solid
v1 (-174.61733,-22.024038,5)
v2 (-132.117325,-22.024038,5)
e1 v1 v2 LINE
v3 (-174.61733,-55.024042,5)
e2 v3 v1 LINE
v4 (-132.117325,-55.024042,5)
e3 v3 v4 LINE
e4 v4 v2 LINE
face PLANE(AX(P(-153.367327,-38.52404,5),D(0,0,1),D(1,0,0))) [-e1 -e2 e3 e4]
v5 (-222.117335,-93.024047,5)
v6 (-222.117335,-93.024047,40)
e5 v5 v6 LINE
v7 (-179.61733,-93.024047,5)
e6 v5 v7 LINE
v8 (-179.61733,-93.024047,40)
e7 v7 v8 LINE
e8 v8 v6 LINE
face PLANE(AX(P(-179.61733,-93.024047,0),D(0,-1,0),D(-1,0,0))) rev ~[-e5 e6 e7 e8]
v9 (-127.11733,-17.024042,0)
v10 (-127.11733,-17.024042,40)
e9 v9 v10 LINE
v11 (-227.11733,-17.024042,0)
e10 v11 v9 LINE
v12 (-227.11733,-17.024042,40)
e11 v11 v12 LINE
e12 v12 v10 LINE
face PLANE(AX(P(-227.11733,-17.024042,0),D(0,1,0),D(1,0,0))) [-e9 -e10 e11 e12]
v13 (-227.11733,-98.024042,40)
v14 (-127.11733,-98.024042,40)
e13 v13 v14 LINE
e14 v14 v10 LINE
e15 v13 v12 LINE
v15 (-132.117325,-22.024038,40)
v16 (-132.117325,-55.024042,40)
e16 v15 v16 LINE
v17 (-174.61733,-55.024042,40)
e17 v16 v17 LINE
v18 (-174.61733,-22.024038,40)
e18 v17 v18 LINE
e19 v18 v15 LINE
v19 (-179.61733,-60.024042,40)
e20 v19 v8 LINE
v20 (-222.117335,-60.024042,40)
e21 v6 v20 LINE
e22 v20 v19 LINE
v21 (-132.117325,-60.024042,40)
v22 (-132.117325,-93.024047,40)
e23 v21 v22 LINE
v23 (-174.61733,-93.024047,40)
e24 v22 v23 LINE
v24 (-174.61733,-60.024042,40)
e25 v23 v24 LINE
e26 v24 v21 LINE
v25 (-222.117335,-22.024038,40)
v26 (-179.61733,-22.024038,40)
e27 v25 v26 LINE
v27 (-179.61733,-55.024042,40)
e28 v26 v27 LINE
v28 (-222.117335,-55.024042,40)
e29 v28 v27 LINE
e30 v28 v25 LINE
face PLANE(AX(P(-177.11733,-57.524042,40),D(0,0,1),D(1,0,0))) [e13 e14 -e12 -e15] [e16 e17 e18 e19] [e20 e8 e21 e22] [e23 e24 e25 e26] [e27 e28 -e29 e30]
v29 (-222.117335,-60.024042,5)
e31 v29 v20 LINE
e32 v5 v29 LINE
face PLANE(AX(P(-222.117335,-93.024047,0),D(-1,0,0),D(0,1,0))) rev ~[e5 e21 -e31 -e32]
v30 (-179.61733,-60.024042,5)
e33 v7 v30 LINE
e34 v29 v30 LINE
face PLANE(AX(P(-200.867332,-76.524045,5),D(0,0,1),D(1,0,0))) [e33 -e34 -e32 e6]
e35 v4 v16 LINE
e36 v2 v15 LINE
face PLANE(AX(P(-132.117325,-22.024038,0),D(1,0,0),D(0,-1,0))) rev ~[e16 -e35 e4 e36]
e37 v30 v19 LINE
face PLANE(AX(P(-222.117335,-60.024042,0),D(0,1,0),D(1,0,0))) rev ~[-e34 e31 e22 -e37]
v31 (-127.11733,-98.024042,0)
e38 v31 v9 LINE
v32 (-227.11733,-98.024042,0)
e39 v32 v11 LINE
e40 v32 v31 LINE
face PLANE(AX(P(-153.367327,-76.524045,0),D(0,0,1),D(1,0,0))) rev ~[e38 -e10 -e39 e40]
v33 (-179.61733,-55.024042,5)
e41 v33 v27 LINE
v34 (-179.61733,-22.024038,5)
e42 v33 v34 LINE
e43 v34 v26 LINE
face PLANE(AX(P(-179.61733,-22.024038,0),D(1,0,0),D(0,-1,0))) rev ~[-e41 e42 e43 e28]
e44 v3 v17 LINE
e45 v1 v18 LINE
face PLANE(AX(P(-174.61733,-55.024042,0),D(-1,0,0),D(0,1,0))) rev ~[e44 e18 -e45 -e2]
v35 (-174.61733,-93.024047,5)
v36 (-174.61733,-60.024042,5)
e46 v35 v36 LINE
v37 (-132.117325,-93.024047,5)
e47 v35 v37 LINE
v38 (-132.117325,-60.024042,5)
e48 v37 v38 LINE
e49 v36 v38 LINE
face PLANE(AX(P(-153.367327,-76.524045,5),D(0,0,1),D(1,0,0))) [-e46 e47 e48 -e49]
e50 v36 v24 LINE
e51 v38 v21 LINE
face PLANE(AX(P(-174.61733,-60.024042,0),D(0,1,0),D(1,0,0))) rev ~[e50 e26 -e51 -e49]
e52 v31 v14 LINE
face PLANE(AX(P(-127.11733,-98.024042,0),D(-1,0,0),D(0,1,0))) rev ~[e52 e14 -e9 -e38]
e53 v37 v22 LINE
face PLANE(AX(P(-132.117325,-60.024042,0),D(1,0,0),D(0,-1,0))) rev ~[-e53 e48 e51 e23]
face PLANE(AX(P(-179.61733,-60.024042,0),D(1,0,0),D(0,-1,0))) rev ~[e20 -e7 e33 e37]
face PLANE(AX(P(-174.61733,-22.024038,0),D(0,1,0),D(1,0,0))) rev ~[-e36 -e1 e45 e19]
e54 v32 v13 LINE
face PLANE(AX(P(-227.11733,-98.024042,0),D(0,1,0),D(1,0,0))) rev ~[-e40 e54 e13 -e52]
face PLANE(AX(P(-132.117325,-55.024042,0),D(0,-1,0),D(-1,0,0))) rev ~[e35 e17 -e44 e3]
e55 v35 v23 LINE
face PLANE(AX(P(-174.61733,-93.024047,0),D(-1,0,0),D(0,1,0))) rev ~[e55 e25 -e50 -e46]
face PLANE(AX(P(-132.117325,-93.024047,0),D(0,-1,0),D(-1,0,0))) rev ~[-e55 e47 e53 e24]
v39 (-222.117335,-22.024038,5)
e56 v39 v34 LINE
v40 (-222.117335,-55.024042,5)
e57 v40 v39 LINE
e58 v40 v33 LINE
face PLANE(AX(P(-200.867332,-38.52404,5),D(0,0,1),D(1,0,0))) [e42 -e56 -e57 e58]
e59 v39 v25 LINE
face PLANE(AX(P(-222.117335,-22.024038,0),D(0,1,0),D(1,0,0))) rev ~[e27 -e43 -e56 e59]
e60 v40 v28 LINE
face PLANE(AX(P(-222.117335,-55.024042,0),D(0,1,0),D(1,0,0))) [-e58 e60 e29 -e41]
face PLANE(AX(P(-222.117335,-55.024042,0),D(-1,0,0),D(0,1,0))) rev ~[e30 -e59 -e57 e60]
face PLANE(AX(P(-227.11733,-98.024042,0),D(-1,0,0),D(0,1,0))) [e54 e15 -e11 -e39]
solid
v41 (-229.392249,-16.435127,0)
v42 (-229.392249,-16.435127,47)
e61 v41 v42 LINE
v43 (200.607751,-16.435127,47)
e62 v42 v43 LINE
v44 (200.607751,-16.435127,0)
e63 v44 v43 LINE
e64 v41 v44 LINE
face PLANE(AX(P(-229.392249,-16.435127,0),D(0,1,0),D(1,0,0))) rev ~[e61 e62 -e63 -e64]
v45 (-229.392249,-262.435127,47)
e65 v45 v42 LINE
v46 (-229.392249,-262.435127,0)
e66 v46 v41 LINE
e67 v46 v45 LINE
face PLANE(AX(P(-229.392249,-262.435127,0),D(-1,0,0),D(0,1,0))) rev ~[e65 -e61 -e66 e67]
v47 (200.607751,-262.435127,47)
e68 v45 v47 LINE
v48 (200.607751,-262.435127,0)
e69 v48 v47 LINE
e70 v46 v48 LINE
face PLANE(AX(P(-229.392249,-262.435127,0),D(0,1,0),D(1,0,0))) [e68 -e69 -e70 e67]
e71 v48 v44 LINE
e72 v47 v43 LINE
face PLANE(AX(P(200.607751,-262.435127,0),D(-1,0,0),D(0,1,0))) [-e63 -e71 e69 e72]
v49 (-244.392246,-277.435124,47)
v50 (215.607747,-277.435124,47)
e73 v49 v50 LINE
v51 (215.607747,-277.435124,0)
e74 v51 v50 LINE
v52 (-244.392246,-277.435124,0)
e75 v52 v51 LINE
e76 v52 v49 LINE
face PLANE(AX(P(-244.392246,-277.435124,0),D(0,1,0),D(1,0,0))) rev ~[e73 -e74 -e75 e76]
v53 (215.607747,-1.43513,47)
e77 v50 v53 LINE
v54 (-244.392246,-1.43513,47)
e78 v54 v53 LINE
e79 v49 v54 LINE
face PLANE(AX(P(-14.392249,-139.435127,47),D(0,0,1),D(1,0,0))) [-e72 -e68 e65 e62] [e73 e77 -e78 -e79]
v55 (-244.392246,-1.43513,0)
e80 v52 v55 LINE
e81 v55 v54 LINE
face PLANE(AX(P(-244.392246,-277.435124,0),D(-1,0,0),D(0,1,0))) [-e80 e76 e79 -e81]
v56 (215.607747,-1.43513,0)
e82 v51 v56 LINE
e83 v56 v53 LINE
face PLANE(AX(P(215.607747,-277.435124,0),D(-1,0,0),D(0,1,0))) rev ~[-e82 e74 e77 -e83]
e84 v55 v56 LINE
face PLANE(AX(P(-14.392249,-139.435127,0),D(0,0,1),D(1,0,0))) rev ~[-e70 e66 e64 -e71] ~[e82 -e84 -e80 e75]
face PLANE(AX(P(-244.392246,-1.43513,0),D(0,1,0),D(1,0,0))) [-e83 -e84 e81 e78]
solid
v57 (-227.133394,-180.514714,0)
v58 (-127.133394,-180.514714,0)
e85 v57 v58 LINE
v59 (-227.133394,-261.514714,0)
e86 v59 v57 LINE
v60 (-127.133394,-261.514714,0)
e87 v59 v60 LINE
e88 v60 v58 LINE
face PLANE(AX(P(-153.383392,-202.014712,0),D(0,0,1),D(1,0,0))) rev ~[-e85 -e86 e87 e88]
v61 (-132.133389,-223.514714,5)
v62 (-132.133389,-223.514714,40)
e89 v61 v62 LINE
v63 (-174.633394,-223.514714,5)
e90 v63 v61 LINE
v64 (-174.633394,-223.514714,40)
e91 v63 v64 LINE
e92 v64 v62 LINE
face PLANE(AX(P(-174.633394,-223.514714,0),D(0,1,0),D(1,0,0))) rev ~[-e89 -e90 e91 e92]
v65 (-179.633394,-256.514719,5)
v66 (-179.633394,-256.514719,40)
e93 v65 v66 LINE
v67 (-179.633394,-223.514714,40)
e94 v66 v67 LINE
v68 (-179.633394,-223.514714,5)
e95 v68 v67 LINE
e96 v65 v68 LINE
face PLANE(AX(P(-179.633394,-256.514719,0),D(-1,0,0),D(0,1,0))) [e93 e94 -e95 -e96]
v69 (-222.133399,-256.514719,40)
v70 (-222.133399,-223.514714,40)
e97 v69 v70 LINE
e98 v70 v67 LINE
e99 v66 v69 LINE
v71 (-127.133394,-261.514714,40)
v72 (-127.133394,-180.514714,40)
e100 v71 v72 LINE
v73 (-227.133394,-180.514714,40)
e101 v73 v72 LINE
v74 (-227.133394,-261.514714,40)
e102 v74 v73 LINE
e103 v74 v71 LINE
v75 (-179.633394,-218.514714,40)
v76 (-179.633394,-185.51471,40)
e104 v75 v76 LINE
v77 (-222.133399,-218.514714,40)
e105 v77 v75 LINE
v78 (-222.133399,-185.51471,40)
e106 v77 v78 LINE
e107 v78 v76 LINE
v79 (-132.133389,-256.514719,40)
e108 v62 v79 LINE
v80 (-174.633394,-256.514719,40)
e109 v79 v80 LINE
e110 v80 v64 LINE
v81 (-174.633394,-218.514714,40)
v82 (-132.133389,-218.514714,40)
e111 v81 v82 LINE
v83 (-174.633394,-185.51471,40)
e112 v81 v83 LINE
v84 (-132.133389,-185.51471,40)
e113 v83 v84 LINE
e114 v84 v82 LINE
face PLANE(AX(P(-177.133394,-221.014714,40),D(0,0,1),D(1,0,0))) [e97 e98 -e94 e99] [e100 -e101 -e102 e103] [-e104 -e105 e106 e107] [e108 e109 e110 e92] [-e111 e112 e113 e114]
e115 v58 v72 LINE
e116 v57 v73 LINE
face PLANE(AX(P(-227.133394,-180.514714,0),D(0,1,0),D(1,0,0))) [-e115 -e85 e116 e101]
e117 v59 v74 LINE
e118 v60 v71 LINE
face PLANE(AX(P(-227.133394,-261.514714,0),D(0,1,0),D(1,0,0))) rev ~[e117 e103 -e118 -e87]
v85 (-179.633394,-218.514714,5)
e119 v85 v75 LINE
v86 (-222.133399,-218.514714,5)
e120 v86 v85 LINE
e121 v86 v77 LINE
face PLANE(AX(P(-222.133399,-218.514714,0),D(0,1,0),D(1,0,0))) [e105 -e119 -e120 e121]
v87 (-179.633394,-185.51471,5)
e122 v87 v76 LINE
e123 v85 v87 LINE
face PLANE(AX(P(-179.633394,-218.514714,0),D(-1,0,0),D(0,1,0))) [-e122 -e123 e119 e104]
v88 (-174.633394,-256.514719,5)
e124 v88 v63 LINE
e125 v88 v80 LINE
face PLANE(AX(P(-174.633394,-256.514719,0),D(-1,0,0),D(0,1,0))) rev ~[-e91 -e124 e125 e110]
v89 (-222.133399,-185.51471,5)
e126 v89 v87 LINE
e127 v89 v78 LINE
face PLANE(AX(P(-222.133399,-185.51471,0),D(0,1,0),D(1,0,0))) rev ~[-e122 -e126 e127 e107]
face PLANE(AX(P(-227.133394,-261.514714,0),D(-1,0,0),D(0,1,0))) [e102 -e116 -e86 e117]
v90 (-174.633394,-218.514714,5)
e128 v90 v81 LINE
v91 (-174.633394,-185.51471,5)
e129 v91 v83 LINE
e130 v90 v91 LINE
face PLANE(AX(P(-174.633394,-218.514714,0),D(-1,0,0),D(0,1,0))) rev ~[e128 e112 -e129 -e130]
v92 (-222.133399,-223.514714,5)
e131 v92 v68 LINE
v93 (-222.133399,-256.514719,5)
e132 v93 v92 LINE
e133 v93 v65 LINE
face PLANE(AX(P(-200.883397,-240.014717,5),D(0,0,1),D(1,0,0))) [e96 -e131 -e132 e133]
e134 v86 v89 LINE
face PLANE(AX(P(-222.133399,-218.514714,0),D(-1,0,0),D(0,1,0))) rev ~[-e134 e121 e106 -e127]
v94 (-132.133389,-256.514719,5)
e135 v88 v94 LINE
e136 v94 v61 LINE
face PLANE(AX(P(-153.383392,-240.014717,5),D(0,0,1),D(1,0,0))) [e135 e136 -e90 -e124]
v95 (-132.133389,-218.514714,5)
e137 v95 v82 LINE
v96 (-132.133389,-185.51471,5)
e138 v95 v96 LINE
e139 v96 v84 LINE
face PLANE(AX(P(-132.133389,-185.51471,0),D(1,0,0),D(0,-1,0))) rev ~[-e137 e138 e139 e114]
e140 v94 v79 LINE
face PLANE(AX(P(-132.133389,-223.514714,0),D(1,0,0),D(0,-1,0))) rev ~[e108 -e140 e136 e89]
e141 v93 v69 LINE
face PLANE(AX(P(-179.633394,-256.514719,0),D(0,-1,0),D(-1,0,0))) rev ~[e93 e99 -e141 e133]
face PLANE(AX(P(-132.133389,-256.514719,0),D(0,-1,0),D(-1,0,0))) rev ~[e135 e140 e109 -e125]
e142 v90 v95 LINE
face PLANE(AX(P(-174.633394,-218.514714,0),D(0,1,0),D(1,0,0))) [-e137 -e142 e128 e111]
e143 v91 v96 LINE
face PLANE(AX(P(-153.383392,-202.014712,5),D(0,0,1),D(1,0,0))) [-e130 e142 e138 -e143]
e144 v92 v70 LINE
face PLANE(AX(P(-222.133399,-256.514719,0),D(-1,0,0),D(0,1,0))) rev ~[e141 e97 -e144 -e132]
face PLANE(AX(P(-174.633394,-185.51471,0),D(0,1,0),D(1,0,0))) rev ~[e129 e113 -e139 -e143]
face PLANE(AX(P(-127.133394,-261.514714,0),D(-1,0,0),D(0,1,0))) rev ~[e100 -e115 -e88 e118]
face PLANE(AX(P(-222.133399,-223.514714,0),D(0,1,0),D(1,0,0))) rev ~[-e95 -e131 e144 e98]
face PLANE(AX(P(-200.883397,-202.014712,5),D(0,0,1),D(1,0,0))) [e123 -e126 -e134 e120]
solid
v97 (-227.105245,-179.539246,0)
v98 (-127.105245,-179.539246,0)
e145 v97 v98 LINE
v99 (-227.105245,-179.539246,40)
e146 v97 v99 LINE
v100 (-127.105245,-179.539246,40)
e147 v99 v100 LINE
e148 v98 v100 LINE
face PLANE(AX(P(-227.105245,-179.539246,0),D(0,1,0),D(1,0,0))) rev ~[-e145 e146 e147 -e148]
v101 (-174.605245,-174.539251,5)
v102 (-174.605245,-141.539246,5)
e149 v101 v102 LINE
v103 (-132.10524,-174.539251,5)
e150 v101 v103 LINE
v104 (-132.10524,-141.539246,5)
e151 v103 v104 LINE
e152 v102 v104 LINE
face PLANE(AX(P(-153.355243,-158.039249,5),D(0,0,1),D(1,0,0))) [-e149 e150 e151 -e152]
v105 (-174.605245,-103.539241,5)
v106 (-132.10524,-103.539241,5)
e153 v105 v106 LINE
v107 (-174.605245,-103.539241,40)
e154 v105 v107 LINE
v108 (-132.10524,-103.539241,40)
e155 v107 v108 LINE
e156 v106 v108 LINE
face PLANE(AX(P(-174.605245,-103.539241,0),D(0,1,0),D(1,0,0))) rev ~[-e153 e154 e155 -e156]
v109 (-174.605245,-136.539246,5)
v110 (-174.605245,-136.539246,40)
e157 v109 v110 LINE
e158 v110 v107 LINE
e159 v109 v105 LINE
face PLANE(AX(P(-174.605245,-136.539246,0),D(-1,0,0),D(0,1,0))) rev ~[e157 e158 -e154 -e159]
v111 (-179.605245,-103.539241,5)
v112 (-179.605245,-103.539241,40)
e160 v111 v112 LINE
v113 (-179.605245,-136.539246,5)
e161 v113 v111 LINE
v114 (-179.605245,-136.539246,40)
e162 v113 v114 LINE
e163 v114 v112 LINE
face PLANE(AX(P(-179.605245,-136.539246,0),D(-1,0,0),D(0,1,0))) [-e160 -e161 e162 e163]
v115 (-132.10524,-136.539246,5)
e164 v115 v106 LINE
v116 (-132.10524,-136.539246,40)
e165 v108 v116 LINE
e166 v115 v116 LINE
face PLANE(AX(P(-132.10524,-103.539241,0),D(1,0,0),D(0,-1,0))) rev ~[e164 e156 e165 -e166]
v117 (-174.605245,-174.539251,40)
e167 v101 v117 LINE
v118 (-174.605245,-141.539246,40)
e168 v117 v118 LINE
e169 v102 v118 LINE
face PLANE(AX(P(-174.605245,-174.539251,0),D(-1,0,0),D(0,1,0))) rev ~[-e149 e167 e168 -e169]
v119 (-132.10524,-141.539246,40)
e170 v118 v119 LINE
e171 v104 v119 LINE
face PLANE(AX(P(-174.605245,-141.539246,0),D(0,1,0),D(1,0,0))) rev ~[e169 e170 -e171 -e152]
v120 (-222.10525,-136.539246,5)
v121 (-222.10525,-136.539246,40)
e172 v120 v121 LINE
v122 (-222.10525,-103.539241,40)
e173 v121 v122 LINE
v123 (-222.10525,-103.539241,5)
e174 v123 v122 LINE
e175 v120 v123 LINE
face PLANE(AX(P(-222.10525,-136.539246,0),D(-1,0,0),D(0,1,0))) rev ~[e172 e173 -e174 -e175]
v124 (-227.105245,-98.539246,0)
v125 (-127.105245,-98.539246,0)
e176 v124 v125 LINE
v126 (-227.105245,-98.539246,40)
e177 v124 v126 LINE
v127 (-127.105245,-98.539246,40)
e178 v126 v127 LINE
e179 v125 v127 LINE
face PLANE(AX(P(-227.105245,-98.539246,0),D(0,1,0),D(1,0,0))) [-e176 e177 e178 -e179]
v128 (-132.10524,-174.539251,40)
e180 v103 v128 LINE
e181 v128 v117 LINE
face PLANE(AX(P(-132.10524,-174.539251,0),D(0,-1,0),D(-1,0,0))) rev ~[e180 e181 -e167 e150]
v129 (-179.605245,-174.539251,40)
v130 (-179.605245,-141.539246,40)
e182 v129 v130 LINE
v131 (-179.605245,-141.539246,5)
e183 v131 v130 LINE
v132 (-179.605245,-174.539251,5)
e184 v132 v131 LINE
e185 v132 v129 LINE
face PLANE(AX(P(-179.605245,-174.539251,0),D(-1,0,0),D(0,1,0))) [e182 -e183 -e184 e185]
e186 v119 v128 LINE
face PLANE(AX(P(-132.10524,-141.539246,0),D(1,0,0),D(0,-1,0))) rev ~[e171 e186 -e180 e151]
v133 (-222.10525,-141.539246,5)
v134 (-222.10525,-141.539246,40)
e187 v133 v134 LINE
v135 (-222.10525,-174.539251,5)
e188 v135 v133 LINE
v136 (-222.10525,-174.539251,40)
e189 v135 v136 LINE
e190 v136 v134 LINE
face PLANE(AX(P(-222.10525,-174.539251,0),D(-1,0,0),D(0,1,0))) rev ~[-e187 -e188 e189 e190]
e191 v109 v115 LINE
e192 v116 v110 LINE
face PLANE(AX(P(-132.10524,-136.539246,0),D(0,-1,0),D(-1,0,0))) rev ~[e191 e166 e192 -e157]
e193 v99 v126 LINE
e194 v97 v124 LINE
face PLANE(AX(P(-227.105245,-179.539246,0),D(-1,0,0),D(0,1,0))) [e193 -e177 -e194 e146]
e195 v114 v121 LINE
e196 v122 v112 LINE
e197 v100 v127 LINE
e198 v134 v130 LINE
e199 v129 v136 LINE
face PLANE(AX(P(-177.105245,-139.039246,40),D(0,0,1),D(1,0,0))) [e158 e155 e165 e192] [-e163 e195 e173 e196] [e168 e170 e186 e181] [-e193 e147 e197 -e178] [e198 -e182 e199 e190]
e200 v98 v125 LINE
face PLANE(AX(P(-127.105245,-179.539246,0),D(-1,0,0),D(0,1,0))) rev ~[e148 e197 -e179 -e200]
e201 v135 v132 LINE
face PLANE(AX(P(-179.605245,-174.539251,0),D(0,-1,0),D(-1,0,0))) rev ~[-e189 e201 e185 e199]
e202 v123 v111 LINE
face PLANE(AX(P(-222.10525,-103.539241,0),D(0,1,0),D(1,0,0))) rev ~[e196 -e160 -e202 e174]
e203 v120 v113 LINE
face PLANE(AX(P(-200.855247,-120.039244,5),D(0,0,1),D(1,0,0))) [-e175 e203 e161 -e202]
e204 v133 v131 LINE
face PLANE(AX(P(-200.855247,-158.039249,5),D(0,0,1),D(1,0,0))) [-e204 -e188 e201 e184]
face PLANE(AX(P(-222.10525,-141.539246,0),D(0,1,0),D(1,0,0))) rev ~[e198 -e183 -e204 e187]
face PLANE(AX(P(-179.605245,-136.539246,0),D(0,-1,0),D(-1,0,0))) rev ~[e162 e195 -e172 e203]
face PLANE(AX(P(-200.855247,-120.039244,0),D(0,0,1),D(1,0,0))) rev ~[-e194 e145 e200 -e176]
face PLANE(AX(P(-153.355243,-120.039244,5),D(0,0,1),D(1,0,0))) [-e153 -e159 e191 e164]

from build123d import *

# Parameters (mm, degrees)
F0_W      = 459.9999934435
F0_H      = 275.9999934435
F0_W_2    = 430
F0_H_2    = 246
F1_DEPTH  = 47
F2_W      = 100
F2_H      = 81
F2_W_2    = 42.5000048876
F2_H_2    = 5
F2_W_3    = 5
F2_H_3    = 33.0000048876
F3_DEPTH  = 40
F4_DEPTH  = 5
F5_W      = 100
F5_H      = 81
F5_W_2    = 42.5000048876
F5_H_2    = 5
F5_W_3    = 5
F5_H_3    = 33.0000048876
F7_DEPTH  = 40
F8_DEPTH  = 5
F6_W      = 100
F6_H      = 81
F6_W_2    = 42.5000048876
F6_H_2    = 5
F6_W_3    = 5
F6_H_3    = 33.0000048876
F9_DEPTH  = 40
F10_DEPTH = 5


with BuildPart() as f1:
    # F0 (on Top) → F1 (new body)
    with BuildSketch(Plane.XY):
        with Locations((-14.3922492862, -139.4351271806)):
            Rectangle(F0_W, F0_H)
        with Locations((-14.3922492862, -139.4351271806)):
            Rectangle(F0_W_2, F0_H_2, mode=Mode.SUBTRACT)
    extrude(amount=F1_DEPTH)


with BuildPart() as f3:
    # F2 (on Top) → F3 (new body)
    with BuildSketch(Plane.XY):
        with Locations((-177.133394298, -221.0147144079)):
            Rectangle(F2_W, F2_H)
        Polygon((-174.633394298, -185.5147095203), (-132.1333894105, -185.5147095203), (-132.1333894105, -218.5147144079), (-132.1333894105, -223.5147144079), (-132.1333894105, -256.5147192955), (-174.633394298, -256.5147192955), (-179.633394298, -256.5147192955), (-222.1333991856, -256.5147192955), (-222.1333991856, -223.5147144079), (-222.1333991856, -218.5147144079), (-222.1333991856, -185.5147095203), (-179.633394298, -185.5147095203), align=None, mode=Mode.SUBTRACT)
        with Locations((-200.8833967418, -221.0147144079)):
            Rectangle(F2_W_2, F2_H_2)
        with Locations((-153.3833918543, -221.0147144079)):
            Rectangle(F2_W_2, F2_H_2)
        with Locations((-177.133394298, -202.0147119641)):
            Rectangle(F2_W_3, F2_H_3)
        with Locations((-177.133394298, -240.0147168517)):
            Rectangle(F2_W_3, F2_H_3)
        with Locations((-177.133394298, -221.0147144079)):
            Rectangle(F2_W_3, F2_H_2)
    extrude(amount=F3_DEPTH)

    # F2 (on Top) → F4 (join)
    with BuildSketch(Plane.XY):
        with Locations((-153.3833918543, -202.0147119641)):
            Rectangle(F2_W_2, F2_H_3)
        with Locations((-153.3833918543, -240.0147168517)):
            Rectangle(F2_W_2, F2_H_3)
        with Locations((-200.8833967418, -240.0147168517)):
            Rectangle(F2_W_2, F2_H_3)
        with Locations((-200.8833967418, -202.0147119641)):
            Rectangle(F2_W_2, F2_H_3)
    extrude(amount=F4_DEPTH)


with BuildPart() as f7:
    # F5 (on face) → F7 (new body)
    with BuildSketch(Plane.XY):
        with Locations((-177.1052449942, -139.0392463207)):
            Rectangle(F5_W, F5_H)
        Polygon((-174.6052449942, -103.5392414331), (-132.1052401066, -103.5392414331), (-132.1052401066, -136.5392463207), (-132.1052401066, -141.5392463207), (-132.1052401066, -174.5392512083), (-174.6052449942, -174.5392512083), (-179.6052449942, -174.5392512083), (-222.1052498817, -174.5392512083), (-222.1052498817, -141.5392463207), (-222.1052498817, -136.5392463207), (-222.1052498817, -103.5392414331), (-179.6052449942, -103.5392414331), align=None, mode=Mode.SUBTRACT)
        with Locations((-200.855247438, -139.0392463207)):
            Rectangle(F5_W_2, F5_H_2)
        with Locations((-177.1052449942, -139.0392463207)):
            Rectangle(F5_W_3, F5_H_2)
        with Locations((-153.3552425504, -139.0392463207)):
            Rectangle(F5_W_2, F5_H_2)
        with Locations((-177.1052449942, -158.0392487645)):
            Rectangle(F5_W_3, F5_H_3)
        with Locations((-177.1052449942, -120.0392438769)):
            Rectangle(F5_W_3, F5_H_3)
    extrude(amount=F7_DEPTH)

    # F5 (on face) → F8 (join)
    with BuildSketch(Plane.XY):
        with Locations((-200.855247438, -120.0392438769)):
            Rectangle(F5_W_2, F5_H_3)
        with Locations((-200.855247438, -158.0392487645)):
            Rectangle(F5_W_2, F5_H_3)
        with Locations((-153.3552425504, -158.0392487645)):
            Rectangle(F5_W_2, F5_H_3)
        with Locations((-153.3552425504, -120.0392438769)):
            Rectangle(F5_W_2, F5_H_3)
    extrude(amount=F8_DEPTH)


with BuildPart() as f9:
    # F6 (on Top) → F9 (new body)
    with BuildSketch(Plane.XY):
        with Locations((-177.1173298359, -57.5240424871)):
            Rectangle(F6_W, F6_H)
        Polygon((-174.6173298359, -22.0240375996), (-132.1173249483, -22.0240375996), (-132.1173249483, -55.0240424871), (-132.1173249483, -60.0240424871), (-132.1173249483, -93.0240473747), (-174.6173298359, -93.0240473747), (-179.6173298359, -93.0240473747), (-222.1173347235, -93.0240473747), (-222.1173347235, -60.0240424871), (-222.1173347235, -55.0240424871), (-222.1173347235, -22.0240375996), (-179.6173298359, -22.0240375996), align=None, mode=Mode.SUBTRACT)
        with Locations((-153.3673273921, -57.5240424871)):
            Rectangle(F6_W_2, F6_H_2)
        with Locations((-177.1173298359, -57.5240424871)):
            Rectangle(F6_W_3, F6_H_2)
        with Locations((-177.1173298359, -38.5240400434)):
            Rectangle(F6_W_3, F6_H_3)
        with Locations((-177.1173298359, -76.5240449309)):
            Rectangle(F6_W_3, F6_H_3)
        with Locations((-200.8673322797, -57.5240424871)):
            Rectangle(F6_W_2, F6_H_2)
    extrude(amount=F9_DEPTH)

    # F6 (on Top) → F10 (join)
    with BuildSketch(Plane.XY):
        with Locations((-153.3673273921, -76.5240449309)):
            Rectangle(F6_W_2, F6_H_3)
        with Locations((-153.3673273921, -38.5240400434)):
            Rectangle(F6_W_2, F6_H_3)
        with Locations((-200.8673322797, -38.5240400434)):
            Rectangle(F6_W_2, F6_H_3)
        with Locations((-200.8673322797, -76.5240449309)):
            Rectangle(F6_W_2, F6_H_3)
    extrude(amount=F10_DEPTH)


solid = Compound([f1.part, f3.part, f7.part, f9.part])
